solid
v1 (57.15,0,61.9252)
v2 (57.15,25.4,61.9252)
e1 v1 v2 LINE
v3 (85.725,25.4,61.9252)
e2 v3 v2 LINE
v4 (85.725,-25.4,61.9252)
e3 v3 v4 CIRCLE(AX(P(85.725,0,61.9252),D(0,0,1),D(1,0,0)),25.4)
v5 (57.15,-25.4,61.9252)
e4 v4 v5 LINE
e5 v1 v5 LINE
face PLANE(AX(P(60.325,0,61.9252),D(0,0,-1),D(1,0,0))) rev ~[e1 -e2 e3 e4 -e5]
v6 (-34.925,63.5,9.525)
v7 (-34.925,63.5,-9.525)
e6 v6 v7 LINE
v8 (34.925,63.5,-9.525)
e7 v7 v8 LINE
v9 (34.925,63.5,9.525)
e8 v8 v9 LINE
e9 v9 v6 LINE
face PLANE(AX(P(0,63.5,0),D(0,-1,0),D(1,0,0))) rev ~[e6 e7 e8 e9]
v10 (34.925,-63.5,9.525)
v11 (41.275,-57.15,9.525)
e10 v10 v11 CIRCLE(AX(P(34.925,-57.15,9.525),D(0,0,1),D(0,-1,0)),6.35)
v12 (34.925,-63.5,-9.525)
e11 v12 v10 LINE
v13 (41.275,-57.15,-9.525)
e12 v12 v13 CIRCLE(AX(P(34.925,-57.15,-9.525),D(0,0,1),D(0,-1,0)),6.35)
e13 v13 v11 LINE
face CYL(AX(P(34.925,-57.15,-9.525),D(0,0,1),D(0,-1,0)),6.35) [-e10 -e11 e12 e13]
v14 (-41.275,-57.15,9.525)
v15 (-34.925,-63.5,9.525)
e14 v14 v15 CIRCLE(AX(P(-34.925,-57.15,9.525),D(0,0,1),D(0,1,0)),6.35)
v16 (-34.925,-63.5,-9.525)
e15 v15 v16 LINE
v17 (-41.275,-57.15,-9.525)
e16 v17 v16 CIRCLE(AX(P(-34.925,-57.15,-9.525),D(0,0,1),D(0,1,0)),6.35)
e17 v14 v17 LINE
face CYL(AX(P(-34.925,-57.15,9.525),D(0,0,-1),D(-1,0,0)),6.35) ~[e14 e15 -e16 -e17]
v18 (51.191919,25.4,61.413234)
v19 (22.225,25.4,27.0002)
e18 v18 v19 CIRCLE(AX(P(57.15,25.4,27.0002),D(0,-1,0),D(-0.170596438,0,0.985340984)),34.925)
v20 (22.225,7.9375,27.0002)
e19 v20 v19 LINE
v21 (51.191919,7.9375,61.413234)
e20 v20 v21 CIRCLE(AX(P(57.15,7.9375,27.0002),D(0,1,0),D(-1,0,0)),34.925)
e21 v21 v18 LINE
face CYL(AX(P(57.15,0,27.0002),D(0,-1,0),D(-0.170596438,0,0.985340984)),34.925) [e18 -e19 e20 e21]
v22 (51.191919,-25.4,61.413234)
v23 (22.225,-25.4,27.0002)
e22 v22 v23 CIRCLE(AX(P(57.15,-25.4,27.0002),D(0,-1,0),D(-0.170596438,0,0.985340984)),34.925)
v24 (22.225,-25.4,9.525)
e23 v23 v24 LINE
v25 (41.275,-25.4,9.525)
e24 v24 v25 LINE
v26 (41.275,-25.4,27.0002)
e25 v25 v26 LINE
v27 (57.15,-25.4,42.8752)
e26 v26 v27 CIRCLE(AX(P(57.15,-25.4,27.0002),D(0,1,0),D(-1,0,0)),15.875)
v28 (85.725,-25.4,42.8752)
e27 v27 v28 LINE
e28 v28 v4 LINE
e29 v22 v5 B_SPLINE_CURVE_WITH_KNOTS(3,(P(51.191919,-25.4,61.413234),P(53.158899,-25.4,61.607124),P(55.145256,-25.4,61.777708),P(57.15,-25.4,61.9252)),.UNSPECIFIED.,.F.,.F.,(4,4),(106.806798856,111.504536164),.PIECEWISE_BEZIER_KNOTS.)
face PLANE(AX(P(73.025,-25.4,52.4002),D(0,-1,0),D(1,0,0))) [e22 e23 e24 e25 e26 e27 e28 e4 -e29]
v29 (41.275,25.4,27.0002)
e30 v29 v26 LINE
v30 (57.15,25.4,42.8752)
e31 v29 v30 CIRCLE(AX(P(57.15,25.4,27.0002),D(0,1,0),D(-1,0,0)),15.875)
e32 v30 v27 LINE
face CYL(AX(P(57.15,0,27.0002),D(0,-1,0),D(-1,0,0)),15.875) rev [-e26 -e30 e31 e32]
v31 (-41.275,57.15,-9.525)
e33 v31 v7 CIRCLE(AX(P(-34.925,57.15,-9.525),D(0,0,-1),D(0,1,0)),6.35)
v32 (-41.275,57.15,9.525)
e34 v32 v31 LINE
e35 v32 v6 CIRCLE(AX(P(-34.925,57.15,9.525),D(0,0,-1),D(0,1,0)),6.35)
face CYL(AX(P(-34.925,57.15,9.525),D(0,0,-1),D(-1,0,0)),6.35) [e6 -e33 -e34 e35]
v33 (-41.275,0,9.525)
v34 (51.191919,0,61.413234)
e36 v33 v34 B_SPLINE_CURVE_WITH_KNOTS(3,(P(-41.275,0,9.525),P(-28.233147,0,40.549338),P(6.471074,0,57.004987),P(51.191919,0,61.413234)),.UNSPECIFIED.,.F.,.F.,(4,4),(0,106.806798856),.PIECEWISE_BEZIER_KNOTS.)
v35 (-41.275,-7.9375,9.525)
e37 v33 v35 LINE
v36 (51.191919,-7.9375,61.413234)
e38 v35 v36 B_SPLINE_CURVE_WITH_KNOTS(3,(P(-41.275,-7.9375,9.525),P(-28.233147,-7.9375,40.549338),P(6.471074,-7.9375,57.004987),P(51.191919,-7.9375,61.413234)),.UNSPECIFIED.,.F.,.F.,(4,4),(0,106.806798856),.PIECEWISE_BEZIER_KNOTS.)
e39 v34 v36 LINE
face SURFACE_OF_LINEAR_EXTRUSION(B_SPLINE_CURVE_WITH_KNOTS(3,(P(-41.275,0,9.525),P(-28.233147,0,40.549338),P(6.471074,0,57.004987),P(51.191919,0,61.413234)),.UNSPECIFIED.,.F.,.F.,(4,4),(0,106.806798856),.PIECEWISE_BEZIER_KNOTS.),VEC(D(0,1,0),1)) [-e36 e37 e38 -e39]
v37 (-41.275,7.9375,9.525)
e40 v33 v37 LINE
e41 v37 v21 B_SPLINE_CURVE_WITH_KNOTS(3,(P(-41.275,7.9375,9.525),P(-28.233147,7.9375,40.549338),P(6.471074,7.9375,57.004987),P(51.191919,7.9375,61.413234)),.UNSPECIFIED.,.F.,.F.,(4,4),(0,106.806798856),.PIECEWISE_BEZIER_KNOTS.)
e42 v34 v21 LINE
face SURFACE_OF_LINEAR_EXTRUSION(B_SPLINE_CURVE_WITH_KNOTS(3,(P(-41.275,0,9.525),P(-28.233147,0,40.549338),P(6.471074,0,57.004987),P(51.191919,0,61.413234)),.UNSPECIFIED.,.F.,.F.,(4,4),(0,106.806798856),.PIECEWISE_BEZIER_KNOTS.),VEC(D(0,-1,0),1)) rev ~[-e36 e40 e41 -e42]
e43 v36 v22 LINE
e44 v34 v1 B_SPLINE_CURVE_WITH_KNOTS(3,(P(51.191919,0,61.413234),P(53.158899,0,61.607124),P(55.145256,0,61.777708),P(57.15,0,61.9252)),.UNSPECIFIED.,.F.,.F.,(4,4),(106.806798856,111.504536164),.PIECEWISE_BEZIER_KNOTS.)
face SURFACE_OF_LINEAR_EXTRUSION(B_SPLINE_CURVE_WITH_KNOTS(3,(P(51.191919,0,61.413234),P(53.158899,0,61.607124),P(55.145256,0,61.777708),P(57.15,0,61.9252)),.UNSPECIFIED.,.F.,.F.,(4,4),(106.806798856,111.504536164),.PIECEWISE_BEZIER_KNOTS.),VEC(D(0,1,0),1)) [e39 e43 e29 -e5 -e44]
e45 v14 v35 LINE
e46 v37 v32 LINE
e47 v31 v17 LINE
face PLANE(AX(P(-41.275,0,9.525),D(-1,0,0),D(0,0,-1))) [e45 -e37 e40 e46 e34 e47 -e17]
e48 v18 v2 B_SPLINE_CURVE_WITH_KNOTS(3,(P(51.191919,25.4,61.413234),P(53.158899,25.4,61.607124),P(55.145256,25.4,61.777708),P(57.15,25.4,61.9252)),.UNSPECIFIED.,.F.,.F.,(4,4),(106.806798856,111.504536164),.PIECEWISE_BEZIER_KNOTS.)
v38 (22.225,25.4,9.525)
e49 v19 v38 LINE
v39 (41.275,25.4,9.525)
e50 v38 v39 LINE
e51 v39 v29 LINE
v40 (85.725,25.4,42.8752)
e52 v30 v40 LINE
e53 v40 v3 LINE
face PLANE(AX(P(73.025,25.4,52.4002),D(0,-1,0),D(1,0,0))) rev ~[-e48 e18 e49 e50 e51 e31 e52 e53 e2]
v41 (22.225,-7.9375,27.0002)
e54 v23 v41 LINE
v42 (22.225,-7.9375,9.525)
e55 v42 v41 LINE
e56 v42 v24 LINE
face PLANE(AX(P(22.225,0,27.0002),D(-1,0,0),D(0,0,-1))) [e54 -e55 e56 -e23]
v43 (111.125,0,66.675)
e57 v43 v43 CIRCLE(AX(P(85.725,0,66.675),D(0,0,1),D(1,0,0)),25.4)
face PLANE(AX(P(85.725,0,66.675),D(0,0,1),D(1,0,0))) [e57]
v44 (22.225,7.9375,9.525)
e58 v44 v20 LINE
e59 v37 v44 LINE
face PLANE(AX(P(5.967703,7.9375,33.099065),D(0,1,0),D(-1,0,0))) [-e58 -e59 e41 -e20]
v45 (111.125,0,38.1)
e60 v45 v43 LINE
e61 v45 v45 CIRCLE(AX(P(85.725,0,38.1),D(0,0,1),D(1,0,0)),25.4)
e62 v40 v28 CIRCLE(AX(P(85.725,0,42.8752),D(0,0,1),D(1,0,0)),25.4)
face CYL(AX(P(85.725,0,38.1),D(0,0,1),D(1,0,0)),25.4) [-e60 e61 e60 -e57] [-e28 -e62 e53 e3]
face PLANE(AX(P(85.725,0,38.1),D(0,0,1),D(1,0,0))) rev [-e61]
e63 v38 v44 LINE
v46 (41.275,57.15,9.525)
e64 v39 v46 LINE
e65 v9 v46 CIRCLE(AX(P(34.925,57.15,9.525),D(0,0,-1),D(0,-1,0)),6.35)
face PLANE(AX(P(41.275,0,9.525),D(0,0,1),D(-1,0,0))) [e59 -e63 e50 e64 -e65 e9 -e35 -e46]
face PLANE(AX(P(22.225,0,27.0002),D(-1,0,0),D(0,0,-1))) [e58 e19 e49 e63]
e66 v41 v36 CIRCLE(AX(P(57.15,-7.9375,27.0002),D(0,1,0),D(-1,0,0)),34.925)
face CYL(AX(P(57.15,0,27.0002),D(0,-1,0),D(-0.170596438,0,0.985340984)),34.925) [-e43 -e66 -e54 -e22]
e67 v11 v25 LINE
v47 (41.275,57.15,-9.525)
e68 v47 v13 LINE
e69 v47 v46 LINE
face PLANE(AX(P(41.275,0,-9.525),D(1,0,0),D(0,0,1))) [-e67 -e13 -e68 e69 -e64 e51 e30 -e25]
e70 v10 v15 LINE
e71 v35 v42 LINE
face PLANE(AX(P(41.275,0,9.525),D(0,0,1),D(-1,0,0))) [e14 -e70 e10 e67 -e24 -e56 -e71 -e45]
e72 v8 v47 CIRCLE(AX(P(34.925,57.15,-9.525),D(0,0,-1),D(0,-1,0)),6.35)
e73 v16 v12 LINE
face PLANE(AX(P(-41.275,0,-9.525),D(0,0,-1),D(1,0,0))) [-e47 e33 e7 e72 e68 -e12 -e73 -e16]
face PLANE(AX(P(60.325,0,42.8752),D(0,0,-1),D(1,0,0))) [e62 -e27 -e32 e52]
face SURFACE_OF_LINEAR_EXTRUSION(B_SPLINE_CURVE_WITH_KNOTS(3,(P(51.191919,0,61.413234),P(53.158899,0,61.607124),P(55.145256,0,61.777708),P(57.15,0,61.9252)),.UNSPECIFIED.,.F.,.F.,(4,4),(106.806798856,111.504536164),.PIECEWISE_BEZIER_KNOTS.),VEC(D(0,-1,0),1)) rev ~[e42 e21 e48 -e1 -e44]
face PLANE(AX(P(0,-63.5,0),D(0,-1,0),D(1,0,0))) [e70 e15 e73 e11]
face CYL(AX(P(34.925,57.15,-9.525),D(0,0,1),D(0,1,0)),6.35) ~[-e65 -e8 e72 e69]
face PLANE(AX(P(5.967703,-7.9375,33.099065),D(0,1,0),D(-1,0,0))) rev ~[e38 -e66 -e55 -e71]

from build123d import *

# Parameters (mm, degrees)
F1_DEPTH = 63.5
F2_DEPTH = 25.4
F0_W     = 25.4
F0_H     = 19.05
F3_DEPTH = 25.4
F5_DEPTH = 7.9375
F6_R     = 6.35


with BuildPart() as f1:
    # F0 (on Front) → F1 (new body, symmetric)
    with BuildSketch(Plane.XZ):
        Polygon((22.225, 9.525), (-41.275, 9.525), (-41.275, -9.525), (41.275, -9.525), (41.275, 9.525), align=None)
    extrude(amount=F1_DEPTH, both=True)

    # F0 (on Front) → F2 (join, symmetric)
    with BuildSketch(Plane.XZ):
        with BuildLine():
            Line((22.225, 27.0002), (22.225, 9.525))
            Line((22.225, 9.525), (41.275, 9.525))
            Line((41.275, 9.525), (41.275, 27.0002))
            ThreePointArc((41.275, 27.0002), (45.9246798487, 38.2255201513), (57.15, 42.8752))
            Line((57.15, 42.8752), (60.325, 42.8752))
            Line((60.325, 42.8752), (60.325, 61.9252))
            Line((60.325, 61.9252), (57.15, 61.9252))
            add(Edge.make_bspline(
                [(51.1919194088, 61.4132338777), (53.1588989286, 61.6071240271), (55.1452560975, 61.7777078906), (57.15, 61.9252)],
                knots=[106.8067988555, 106.8067988555, 106.8067988555, 106.8067988555, 111.5045361635, 111.5045361635, 111.5045361635, 111.5045361635], degree=3))
            ThreePointArc((51.1919194088, 61.4132338777), (30.4307036989, 49.4909721116), (22.225, 27.0002))
        make_face()
    extrude(amount=F2_DEPTH, both=True)

    # F0 (on Front) → F3 (join, symmetric)
    with BuildSketch(Plane.XZ):
        with Locations((73.025, 52.4002)):
            Rectangle(F0_W, F0_H)
    extrude(amount=F3_DEPTH, both=True)

    # F0 (on Front) → F4 (revolve)
    with BuildSketch(Plane.XZ):
        Polygon((85.725, 66.675), (85.725, 61.9252), (85.725, 42.8752), (85.725, 38.1), (111.125, 38.1), (111.125, 66.675), align=None)
    revolve(axis=Axis((85.725, 0, 52.3875), (0, 0, 1)))

    # F0 (on Front) → F5 (join, symmetric)
    with BuildSketch(Plane.XZ):
        with BuildLine():
            add(Edge.make_bspline(
                [(-41.275, 9.525), (-28.2331469097, 40.5493377049), (6.4710735747, 57.0049869219), (51.1919194088, 61.4132338777)],
                knots=[0, 0, 0, 0, 106.8067988555, 106.8067988555, 106.8067988555, 106.8067988555], degree=3))
            Line((-41.275, 9.525), (22.225, 9.525))
            Line((22.225, 9.525), (22.225, 27.0002))
            ThreePointArc((22.225, 27.0002), (30.4307036989, 49.4909721116), (51.1919194088, 61.4132338777))
        make_face()
    extrude(amount=F5_DEPTH, both=True)

    # F6
    f6_edges = [f1.edges().sort_by_distance(p)[0] for p in [
        (-41.275, -63.5, 0),
        (41.275, -63.5, 0),
        (41.275, 63.5, 0),
        (-41.275, 63.5, 0),
    ]]
    fillet(f6_edges, radius=F6_R)


solid = f1.part
